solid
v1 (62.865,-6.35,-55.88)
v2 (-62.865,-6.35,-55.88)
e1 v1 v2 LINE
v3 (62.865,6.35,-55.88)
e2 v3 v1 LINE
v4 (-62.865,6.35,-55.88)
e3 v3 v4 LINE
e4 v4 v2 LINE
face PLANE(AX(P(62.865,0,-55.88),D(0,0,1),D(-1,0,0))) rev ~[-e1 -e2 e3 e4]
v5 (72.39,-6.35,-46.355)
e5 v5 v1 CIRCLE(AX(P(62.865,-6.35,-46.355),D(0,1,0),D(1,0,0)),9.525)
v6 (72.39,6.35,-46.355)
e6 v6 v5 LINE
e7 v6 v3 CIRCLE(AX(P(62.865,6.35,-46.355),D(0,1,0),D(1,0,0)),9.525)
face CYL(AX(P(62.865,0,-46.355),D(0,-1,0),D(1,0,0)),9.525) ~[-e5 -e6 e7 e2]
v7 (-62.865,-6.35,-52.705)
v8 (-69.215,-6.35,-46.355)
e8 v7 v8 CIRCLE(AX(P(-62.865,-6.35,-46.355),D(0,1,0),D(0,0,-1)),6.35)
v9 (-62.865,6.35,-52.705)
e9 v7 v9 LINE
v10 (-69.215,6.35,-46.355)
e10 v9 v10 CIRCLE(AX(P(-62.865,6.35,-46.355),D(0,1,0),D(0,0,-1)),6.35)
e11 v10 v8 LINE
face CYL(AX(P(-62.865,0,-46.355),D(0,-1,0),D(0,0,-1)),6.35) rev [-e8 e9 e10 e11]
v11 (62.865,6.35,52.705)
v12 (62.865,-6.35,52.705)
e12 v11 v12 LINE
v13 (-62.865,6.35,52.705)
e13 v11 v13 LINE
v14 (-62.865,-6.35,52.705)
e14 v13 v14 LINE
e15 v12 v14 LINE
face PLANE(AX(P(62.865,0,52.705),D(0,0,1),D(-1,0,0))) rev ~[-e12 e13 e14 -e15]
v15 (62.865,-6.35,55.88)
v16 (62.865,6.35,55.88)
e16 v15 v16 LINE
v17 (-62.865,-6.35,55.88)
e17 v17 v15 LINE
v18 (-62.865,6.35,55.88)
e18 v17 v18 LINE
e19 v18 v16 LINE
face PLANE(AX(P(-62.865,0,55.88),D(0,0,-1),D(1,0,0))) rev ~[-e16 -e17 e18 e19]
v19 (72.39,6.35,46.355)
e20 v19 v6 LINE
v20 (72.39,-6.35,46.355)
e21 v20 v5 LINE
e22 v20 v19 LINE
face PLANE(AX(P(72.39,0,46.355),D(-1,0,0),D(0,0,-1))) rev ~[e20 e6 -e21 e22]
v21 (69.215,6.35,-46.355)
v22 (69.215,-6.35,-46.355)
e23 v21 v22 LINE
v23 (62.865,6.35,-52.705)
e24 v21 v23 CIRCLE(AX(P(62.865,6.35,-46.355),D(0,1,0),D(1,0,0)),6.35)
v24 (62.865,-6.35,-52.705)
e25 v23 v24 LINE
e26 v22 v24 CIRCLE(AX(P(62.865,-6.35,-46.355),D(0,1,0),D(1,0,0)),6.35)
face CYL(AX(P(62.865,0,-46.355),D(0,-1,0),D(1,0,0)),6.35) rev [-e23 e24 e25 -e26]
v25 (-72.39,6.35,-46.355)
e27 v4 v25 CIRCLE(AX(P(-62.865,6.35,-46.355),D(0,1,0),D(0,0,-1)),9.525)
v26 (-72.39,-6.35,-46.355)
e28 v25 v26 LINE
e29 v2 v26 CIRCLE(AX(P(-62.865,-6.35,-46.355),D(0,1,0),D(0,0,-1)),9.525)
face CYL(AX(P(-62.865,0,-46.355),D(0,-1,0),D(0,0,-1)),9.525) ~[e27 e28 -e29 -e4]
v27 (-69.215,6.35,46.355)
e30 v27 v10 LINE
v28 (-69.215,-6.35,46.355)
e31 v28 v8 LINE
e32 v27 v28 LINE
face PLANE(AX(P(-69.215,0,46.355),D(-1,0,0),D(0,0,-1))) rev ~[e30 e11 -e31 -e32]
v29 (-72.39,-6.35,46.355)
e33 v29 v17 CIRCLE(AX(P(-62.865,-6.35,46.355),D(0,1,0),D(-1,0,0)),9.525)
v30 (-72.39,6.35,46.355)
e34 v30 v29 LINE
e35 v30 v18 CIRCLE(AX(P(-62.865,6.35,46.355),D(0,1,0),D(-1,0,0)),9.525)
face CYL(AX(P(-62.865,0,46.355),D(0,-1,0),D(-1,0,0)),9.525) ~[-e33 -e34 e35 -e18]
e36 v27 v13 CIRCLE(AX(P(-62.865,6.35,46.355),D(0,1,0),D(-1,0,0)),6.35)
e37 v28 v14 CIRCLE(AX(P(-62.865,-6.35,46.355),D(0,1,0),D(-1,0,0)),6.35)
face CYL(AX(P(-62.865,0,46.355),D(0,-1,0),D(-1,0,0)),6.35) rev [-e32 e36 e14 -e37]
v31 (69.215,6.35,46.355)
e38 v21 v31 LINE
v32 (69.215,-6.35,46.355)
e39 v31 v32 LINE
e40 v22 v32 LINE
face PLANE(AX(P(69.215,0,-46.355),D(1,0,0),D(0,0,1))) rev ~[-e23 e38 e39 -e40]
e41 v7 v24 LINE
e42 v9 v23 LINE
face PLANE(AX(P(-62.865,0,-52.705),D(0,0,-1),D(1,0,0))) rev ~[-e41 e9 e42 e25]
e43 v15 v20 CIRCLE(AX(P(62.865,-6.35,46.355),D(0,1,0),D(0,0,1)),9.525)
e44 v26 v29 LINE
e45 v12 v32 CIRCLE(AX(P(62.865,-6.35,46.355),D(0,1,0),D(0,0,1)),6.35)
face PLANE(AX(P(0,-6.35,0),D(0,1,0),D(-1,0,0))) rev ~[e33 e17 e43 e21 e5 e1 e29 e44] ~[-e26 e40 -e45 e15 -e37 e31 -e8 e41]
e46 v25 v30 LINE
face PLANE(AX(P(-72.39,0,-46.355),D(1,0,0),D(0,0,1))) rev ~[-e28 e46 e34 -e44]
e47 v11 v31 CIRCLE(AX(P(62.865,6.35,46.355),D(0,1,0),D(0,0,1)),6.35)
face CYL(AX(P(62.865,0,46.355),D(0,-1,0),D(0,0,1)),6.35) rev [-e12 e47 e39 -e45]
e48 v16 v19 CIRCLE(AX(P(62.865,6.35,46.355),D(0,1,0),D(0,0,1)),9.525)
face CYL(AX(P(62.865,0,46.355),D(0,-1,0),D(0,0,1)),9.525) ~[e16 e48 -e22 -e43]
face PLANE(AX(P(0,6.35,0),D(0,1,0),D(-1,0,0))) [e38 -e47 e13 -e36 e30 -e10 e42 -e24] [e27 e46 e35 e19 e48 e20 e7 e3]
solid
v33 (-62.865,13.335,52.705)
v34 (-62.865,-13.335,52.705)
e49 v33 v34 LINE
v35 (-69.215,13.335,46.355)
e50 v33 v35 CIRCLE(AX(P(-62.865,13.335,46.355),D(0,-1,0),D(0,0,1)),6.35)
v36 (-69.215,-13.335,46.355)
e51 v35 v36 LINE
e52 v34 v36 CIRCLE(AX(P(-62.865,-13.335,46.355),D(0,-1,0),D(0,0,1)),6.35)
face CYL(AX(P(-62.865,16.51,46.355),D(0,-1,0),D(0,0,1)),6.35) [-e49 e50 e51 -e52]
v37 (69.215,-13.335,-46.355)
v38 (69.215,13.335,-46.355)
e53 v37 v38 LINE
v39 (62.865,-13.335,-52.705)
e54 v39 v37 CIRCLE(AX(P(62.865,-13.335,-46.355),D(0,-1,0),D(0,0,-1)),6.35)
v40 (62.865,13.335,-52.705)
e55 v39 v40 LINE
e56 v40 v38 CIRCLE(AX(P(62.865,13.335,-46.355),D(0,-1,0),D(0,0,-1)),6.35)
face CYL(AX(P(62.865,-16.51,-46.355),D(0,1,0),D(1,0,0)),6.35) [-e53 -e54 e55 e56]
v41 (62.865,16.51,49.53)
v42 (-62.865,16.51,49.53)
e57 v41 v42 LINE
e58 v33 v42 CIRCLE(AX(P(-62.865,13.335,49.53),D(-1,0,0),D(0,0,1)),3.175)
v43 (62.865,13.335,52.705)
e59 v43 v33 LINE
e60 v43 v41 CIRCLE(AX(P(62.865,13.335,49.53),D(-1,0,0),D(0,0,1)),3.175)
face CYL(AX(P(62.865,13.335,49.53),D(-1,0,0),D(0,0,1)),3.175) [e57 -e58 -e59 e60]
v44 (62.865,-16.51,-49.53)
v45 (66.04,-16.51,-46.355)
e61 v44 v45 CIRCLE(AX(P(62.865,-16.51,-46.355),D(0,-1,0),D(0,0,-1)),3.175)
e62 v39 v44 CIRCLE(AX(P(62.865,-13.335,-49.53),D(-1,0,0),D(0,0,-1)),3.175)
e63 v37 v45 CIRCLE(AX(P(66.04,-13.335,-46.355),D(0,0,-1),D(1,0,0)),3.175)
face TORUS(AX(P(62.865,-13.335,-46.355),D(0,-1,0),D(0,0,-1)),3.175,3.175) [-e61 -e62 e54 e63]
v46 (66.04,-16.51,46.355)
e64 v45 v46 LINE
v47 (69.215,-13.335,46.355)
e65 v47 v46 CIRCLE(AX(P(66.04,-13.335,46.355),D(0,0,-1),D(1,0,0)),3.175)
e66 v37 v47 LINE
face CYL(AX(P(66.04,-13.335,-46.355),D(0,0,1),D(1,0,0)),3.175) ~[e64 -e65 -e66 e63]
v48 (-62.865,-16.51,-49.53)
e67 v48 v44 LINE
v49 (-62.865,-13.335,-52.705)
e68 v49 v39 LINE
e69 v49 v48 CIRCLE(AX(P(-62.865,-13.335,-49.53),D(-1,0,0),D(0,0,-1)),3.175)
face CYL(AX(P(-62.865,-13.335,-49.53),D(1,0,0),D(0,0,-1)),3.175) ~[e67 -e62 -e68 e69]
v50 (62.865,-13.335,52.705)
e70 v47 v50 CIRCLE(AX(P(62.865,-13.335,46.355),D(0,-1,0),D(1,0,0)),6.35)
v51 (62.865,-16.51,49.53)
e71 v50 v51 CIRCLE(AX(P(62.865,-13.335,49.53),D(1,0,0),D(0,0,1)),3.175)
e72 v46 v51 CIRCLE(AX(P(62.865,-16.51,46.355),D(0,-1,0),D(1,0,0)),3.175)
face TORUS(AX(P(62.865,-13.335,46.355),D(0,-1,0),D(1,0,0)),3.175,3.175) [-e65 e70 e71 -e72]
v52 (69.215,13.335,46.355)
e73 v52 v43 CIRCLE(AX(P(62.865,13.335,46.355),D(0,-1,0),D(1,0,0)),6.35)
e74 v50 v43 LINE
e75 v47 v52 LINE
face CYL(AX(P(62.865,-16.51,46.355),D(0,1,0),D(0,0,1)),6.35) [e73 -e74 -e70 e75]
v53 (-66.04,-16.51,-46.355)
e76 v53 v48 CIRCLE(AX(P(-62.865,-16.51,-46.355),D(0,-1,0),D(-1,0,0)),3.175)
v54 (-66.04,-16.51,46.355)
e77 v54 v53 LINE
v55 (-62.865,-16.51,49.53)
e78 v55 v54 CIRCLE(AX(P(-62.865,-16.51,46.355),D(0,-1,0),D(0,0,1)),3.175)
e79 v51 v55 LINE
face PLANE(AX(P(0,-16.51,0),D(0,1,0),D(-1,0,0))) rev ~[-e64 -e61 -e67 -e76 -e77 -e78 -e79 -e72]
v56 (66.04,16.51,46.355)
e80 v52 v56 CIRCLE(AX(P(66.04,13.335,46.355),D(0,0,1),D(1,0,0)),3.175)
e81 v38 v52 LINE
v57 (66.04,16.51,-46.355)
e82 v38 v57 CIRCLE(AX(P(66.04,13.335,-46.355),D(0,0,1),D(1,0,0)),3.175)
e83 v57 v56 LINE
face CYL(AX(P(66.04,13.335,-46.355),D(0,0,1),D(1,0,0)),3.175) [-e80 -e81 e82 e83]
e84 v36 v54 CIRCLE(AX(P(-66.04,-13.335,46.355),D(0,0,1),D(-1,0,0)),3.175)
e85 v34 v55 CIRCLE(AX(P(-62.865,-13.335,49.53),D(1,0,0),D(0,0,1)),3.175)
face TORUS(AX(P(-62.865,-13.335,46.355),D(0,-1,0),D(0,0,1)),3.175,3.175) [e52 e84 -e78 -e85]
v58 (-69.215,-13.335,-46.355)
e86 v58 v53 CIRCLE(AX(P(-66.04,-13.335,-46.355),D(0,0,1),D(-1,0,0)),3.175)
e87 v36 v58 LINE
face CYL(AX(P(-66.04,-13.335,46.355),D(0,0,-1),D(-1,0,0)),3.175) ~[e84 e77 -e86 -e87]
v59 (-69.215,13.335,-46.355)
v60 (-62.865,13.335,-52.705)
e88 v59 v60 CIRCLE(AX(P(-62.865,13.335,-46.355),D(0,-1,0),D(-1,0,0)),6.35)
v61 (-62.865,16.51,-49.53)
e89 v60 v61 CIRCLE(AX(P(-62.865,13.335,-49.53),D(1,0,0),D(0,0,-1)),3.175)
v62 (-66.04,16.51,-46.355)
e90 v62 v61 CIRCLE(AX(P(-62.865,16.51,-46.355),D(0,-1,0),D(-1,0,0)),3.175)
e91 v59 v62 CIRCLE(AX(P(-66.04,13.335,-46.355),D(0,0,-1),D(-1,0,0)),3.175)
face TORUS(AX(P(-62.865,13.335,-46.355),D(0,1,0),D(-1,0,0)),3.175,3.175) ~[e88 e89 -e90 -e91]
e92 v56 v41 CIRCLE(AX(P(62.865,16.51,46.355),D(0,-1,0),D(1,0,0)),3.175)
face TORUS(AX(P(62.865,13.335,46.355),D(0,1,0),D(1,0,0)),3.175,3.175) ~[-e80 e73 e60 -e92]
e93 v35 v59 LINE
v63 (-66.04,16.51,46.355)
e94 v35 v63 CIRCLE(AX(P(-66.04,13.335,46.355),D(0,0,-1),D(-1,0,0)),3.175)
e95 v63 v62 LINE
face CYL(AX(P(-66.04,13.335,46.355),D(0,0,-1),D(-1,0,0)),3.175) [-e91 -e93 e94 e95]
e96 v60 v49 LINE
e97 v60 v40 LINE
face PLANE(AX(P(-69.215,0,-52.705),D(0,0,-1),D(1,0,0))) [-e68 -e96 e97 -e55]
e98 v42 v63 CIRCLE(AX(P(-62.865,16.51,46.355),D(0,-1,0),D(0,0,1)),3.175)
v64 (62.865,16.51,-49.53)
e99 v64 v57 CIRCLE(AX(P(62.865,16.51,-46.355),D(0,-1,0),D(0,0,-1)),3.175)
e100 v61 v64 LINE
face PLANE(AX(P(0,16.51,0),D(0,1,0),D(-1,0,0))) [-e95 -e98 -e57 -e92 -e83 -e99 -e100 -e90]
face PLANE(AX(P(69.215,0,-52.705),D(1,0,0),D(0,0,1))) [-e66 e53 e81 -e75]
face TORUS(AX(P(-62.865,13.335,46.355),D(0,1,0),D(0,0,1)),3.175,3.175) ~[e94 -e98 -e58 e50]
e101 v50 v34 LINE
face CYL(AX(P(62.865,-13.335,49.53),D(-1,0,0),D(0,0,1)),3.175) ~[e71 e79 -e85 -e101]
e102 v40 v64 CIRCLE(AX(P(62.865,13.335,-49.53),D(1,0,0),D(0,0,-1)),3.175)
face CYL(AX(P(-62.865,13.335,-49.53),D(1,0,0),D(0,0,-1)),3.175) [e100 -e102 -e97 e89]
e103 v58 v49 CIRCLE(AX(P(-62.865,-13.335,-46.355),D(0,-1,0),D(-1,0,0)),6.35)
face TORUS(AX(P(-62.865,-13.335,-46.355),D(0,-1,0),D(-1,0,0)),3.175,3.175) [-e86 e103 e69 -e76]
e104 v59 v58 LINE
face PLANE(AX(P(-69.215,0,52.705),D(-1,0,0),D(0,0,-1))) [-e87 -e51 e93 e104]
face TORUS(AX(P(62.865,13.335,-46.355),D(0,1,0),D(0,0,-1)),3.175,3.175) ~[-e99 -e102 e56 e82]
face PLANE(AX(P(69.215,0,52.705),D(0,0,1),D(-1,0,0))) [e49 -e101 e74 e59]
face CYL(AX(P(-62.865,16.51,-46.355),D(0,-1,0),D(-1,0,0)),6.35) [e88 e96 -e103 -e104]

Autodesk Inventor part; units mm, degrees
ref_plane "YZ Plane" through (0, 0, 0) normal (1, 0, 0) x (0, 1, 0)
ref_plane "XZ Plane" through (0, 0, 0) normal (0, 1, 0) x (-1, 0, 0)
ref_plane "XY Plane" through (0, 0, 0) normal (0, 0, 1) x (1, 0, 0)
sketch "Sketch2" plane through (0, 0, 0) normal (0, 1, 0) x (-1, 0, 0)
  line L0 (-69.215, 52.705) -> (69.215, 52.705)
  line L1 (69.215, 52.705) -> (69.215, -52.705)
  line L2 (69.215, -52.705) -> (-69.215, -52.705)
  line L3 (-69.215, -52.705) -> (-69.215, 52.705)
  point P0 (0, 0)
  point P1 (-69.215, 0)
  point P2 (0, -52.705)
  dimension "d0" = 138.43
  dimension "d1" = 105.41
extrude "Extrusion1" add sketch "Sketch2" along normal mid plane 33.02
fillet "Fillet1" radius 6.35 4 edges at (69.215, 0, 52.705) (69.215, 0, -52.705) (-69.215, 0, -52.705) (-69.215, 0, 52.705)
fillet "Fillet2" radius 3.175 16 edges at (0, -16.51, 52.705) (0, 16.51, 52.705) (-67.3551, -16.51, 50.8451) (-69.215, -16.51, 0) (-67.3551, -16.51, -50.8451) (0, -16.51, -52.705) (67.3551, -16.51, -50.8451) (69.215, -16.51, 0) (67.3551, -16.51, 50.8451) (67.3551, 16.51, 50.8451) (69.215, 16.51, 0) (67.3551, 16.51, -50.8451) (0, 16.51, -52.705) (-67.3551, 16.51, -50.8451) (-69.215, 16.51, 0) (-67.3551, 16.51, 50.8451)
sketch "Sketch3" plane through (0, 0, 0) normal (0, 1, 0) x (-1, 0, 0)
  arc A0 (62.865, -52.705) -> (69.215, -46.355) centre (62.865, -46.355) ccw projected
  line L0 (62.865, -52.705) -> (-62.865, -52.705) projected
  arc A1 (-69.215, -46.355) -> (-62.865, -52.705) centre (-62.865, -46.355) ccw projected
  line L1 (-69.215, -46.355) -> (-69.215, 46.355) projected
  arc A2 (-62.865, 52.705) -> (-69.215, 46.355) centre (-62.865, 46.355) ccw projected
  line L2 (-62.865, 52.705) -> (62.865, 52.705) projected
  arc A3 (69.215, 46.355) -> (62.865, 52.705) centre (62.865, 46.355) ccw projected
  line L3 (69.215, 46.355) -> (69.215, -46.355) projected
  line L4 (62.865, 55.88) -> (-62.865, 55.88)
  arc A4 (-62.865, 55.88) -> (-72.39, 46.355) centre (-62.865, 46.355) ccw
  line L5 (-72.39, 46.355) -> (-72.39, -46.355)
  arc A5 (-72.39, -46.355) -> (-62.865, -55.88) centre (-62.865, -46.355) ccw
  line L6 (-62.865, -55.88) -> (62.865, -55.88)
  arc A6 (62.865, -55.88) -> (72.39, -46.355) centre (62.865, -46.355) ccw
  line L7 (72.39, -46.355) -> (72.39, 46.355)
  arc A7 (72.39, 46.355) -> (62.865, 55.88) centre (62.865, 46.355) ccw
  point P0 (0, 0)
  dimension "d6" = 3.175
extrude "Extrusion2" add sketch "Sketch3" along normal mid plane 12.7 separate body
properties part number "D-Link Wireless Bridge Radio"
